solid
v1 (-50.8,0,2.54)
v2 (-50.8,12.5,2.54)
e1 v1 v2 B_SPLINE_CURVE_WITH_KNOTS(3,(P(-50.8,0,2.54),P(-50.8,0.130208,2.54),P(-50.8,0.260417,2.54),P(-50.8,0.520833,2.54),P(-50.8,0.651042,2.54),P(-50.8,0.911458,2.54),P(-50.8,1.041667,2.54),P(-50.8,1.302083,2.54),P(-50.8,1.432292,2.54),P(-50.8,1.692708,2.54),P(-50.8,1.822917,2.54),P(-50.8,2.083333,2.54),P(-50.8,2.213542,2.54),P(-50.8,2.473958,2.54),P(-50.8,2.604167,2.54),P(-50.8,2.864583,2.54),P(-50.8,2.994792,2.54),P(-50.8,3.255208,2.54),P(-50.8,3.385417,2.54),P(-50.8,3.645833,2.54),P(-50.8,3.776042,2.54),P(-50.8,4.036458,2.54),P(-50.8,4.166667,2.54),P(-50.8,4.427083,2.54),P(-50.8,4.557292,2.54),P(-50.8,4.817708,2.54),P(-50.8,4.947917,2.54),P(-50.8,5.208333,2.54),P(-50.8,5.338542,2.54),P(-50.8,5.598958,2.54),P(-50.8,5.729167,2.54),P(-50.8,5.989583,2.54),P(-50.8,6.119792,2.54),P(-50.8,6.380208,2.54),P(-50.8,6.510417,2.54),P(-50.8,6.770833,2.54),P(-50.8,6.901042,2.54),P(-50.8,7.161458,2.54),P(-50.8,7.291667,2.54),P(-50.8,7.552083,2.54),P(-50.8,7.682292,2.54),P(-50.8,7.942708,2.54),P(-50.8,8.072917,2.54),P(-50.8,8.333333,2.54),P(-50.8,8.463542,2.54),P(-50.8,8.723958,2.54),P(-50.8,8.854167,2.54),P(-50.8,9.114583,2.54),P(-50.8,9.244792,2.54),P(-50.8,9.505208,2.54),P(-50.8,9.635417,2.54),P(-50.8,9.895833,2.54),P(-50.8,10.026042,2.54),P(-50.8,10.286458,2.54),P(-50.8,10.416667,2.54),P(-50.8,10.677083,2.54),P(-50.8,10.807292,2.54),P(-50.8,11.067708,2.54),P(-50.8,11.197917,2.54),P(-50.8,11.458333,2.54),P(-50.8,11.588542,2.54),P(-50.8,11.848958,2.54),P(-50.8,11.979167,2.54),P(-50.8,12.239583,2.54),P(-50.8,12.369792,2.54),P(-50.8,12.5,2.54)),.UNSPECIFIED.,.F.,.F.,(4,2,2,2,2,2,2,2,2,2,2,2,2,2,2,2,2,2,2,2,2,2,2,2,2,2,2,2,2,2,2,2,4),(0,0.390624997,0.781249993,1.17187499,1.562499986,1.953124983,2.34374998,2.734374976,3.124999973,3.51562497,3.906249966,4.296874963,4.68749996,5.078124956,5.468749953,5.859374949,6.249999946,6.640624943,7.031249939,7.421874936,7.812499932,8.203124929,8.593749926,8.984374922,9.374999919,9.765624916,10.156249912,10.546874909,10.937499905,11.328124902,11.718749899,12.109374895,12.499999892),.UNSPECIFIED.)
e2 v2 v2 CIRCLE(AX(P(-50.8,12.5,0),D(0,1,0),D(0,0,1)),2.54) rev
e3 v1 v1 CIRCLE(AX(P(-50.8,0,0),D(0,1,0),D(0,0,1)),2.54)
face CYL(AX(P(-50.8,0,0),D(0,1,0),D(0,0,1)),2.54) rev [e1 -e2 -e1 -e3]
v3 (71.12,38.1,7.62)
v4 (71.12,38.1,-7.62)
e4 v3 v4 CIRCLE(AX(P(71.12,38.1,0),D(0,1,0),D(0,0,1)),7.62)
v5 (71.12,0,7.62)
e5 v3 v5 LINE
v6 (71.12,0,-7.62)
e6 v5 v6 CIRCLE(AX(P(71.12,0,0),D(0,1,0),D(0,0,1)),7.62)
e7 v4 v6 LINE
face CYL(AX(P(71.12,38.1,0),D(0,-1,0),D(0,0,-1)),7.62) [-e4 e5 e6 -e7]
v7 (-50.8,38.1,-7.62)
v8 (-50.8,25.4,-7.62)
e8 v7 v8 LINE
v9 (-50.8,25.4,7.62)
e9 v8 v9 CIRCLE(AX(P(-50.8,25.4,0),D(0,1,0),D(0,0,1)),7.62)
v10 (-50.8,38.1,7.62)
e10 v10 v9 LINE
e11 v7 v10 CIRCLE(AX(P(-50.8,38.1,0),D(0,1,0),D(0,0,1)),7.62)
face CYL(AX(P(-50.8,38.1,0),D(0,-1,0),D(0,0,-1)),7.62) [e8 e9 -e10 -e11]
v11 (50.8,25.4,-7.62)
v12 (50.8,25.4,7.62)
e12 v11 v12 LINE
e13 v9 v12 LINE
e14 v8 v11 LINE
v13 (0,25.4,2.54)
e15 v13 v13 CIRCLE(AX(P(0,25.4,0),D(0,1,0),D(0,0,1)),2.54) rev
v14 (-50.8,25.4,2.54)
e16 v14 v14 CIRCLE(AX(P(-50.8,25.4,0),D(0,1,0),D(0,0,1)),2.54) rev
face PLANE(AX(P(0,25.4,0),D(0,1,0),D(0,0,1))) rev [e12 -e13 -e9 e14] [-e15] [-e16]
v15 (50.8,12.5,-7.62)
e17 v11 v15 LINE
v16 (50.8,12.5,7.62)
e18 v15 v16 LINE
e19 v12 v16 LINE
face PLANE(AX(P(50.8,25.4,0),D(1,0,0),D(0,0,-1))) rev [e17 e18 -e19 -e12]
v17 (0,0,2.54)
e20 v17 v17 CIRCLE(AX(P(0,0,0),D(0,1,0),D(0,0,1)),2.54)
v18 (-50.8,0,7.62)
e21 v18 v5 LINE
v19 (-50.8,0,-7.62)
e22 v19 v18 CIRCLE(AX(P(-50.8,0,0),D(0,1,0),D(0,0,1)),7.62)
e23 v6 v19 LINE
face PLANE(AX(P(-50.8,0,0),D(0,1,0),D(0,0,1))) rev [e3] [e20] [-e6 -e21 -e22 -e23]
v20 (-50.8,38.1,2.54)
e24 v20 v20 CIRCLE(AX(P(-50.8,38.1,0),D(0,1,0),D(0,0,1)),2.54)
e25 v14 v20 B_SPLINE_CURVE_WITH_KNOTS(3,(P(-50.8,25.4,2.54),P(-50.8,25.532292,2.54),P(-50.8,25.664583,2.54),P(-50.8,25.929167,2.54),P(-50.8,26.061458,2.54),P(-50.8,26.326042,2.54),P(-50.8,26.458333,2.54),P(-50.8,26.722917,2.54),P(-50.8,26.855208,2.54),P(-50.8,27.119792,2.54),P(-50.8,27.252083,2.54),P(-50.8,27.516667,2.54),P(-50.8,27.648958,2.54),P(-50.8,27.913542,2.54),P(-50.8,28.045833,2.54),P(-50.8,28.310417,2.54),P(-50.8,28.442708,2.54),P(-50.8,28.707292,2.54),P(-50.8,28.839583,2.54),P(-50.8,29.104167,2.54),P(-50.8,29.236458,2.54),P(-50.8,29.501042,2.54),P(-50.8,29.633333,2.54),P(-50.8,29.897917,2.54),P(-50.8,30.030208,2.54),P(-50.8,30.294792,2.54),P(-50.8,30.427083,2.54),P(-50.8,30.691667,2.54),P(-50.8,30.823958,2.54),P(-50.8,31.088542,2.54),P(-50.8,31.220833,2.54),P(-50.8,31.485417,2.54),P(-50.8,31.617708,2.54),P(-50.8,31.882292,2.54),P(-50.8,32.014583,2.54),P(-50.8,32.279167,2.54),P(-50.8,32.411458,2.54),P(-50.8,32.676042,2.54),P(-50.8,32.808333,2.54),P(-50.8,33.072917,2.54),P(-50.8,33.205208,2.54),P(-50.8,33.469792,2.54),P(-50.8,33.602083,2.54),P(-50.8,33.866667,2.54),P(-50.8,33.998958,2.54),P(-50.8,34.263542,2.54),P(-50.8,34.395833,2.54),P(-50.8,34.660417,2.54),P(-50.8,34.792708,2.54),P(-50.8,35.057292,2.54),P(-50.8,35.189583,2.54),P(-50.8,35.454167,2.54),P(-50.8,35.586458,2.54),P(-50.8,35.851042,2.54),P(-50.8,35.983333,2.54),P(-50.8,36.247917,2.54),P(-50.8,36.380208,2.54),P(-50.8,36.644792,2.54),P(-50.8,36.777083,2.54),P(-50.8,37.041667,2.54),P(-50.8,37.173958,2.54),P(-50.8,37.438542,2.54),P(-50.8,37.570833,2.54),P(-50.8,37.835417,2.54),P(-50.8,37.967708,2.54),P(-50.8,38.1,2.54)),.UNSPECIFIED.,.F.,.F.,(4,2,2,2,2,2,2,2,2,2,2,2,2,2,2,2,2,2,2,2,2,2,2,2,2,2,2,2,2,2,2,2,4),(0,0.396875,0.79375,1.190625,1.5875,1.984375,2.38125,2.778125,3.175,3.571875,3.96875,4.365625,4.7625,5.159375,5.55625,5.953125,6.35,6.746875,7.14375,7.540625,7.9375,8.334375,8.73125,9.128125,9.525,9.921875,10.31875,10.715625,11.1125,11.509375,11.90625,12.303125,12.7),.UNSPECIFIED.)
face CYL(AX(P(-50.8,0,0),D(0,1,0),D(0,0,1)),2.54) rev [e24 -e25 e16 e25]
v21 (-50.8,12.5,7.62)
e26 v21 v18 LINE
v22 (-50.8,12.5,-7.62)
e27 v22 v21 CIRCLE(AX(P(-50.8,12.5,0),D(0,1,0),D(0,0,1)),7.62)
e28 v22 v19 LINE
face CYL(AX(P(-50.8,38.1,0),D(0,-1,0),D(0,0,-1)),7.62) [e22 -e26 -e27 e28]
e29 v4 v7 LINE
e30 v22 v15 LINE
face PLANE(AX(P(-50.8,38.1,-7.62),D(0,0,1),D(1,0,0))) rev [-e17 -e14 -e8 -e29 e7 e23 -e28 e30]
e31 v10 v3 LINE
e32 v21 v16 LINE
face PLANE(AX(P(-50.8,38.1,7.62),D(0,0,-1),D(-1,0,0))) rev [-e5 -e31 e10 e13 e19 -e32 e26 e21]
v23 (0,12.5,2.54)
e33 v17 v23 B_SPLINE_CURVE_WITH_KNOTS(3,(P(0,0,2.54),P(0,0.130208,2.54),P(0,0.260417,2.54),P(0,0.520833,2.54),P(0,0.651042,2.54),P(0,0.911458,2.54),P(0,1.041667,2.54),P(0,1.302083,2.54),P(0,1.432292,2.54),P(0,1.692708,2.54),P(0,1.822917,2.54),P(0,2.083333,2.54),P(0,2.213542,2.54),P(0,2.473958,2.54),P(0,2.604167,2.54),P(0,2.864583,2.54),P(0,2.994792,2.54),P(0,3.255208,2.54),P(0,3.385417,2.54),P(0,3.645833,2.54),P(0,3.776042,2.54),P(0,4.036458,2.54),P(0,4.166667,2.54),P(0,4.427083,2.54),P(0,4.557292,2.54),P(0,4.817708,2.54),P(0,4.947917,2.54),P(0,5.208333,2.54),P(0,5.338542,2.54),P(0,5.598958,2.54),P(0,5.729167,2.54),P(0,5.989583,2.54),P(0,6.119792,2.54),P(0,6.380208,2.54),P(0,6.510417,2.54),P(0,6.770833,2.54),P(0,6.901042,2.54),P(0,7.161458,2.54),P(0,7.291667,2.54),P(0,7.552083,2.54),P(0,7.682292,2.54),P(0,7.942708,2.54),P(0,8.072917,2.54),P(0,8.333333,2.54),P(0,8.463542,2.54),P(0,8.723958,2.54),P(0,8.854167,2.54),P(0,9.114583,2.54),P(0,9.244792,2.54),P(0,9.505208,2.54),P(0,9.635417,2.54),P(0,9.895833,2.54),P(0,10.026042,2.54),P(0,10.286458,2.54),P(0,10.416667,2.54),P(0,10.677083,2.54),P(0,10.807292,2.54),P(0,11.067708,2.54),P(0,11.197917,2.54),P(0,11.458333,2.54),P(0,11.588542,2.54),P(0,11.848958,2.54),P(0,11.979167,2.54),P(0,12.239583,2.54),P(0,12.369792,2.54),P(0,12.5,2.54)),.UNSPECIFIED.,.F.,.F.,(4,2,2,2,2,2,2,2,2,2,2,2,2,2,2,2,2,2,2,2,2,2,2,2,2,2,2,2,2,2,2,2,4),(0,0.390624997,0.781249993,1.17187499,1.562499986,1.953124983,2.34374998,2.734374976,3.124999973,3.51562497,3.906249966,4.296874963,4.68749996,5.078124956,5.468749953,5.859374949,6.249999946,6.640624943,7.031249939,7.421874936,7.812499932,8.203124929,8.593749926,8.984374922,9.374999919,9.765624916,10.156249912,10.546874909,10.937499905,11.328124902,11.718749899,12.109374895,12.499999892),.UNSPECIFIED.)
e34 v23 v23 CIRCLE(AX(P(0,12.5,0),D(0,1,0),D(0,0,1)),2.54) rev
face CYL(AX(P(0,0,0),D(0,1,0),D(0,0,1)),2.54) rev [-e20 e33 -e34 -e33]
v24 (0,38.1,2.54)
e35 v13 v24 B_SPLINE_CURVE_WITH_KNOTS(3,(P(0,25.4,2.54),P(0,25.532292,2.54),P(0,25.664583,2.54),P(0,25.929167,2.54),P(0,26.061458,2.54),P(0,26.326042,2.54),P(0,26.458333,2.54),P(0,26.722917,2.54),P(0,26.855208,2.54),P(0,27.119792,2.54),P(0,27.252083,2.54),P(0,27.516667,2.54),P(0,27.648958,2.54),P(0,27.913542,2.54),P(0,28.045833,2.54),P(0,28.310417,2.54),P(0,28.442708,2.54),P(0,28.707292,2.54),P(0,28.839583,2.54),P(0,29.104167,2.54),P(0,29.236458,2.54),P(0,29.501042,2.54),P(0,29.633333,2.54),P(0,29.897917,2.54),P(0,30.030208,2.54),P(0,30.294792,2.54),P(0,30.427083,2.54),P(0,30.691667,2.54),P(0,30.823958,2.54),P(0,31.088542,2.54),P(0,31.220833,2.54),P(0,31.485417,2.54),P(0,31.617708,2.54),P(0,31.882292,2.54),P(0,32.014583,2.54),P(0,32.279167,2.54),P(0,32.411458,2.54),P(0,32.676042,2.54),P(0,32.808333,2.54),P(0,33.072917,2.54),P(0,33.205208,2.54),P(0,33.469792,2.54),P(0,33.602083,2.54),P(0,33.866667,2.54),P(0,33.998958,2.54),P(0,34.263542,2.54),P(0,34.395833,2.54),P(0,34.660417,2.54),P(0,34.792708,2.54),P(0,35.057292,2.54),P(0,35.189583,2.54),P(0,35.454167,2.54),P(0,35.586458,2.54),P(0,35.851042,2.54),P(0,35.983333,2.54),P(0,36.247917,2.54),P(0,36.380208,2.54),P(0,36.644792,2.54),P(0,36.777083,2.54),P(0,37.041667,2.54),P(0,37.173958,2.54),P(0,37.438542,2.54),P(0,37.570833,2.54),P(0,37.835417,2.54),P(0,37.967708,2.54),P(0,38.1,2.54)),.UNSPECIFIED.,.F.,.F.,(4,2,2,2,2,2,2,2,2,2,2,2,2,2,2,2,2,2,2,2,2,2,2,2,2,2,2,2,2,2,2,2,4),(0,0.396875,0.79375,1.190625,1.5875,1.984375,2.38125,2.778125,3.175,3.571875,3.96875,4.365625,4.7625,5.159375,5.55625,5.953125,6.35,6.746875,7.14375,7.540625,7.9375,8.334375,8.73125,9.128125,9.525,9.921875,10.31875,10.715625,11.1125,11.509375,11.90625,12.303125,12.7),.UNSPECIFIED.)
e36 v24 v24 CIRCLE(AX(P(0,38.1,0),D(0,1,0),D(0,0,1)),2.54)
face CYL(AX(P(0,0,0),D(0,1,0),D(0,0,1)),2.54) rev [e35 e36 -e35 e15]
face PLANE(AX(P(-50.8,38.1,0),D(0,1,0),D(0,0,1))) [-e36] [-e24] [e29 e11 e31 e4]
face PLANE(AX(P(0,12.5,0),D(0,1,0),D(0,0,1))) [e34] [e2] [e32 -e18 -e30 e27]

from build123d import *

# Parameters (mm, degrees)
BOSS_EXTRUDE1_DEPTH     = 38.1
SKETCH4_R               = 2.54
CUT_EXTRUDE3_DEPTH      = 88.804680969
CUT_EXTRUDE4_DEPTH      = 6.35
CUT_EXTRUDE4_DEPTH_BACK = 6.550000108


with BuildPart() as part:
    # Sketch3 → Boss-Extrude1 (new body)
    with BuildSketch(Plane(origin=(0, 0, 0), x_dir=(1, 0, 0), z_dir=(0, 1, 0))):
        with BuildLine():
            Line((-50.8, 7.62), (71.12, 7.62))
            ThreePointArc((71.12, 7.62), (78.74, 0), (71.12, -7.62))
            Line((71.12, -7.62), (-50.8, -7.62))
            ThreePointArc((-50.8, -7.62), (-58.42, 0), (-50.8, 7.62))
        make_face()
    extrude(amount=BOSS_EXTRUDE1_DEPTH)

    # Sketch4 → Cut-Extrude3 (cut, through all)
    with BuildSketch(Plane(origin=(0, 38.1, 0), x_dir=(1, 0, 0), z_dir=(0, 1, 0))):
        with Locations(Location((-50.8, 0, 0), (0, 0, 270))):
            Circle(SKETCH4_R)
        with Locations(Location((0, 0, 0), (0, 0, 270))):
            Circle(SKETCH4_R)
    extrude(amount=-CUT_EXTRUDE3_DEPTH, mode=Mode.SUBTRACT)

    # Sketch5 → Cut-Extrude4 (cut, two sides: drawn at the far end of the back side and taken through both)
    with BuildSketch(Plane(origin=(0, 19.05, 0), x_dir=(1, 0, 0), z_dir=(0, 1, 0)).offset(-CUT_EXTRUDE4_DEPTH_BACK)):
        with BuildLine():
            Line((25.4, 7.62), (-50.8, 7.62))
            ThreePointArc((-50.8, 7.62), (-58.42, 0), (-50.8, -7.62))
            Line((-50.8, -7.62), (0, -7.62))
            Line((0, -7.62), (50.8, -7.62))
            Line((50.8, -7.62), (50.8, 7.62))
            Line((50.8, 7.62), (25.4, 7.62))
        make_face()
    extrude(amount=CUT_EXTRUDE4_DEPTH + CUT_EXTRUDE4_DEPTH_BACK, mode=Mode.SUBTRACT)


solid = part.part
